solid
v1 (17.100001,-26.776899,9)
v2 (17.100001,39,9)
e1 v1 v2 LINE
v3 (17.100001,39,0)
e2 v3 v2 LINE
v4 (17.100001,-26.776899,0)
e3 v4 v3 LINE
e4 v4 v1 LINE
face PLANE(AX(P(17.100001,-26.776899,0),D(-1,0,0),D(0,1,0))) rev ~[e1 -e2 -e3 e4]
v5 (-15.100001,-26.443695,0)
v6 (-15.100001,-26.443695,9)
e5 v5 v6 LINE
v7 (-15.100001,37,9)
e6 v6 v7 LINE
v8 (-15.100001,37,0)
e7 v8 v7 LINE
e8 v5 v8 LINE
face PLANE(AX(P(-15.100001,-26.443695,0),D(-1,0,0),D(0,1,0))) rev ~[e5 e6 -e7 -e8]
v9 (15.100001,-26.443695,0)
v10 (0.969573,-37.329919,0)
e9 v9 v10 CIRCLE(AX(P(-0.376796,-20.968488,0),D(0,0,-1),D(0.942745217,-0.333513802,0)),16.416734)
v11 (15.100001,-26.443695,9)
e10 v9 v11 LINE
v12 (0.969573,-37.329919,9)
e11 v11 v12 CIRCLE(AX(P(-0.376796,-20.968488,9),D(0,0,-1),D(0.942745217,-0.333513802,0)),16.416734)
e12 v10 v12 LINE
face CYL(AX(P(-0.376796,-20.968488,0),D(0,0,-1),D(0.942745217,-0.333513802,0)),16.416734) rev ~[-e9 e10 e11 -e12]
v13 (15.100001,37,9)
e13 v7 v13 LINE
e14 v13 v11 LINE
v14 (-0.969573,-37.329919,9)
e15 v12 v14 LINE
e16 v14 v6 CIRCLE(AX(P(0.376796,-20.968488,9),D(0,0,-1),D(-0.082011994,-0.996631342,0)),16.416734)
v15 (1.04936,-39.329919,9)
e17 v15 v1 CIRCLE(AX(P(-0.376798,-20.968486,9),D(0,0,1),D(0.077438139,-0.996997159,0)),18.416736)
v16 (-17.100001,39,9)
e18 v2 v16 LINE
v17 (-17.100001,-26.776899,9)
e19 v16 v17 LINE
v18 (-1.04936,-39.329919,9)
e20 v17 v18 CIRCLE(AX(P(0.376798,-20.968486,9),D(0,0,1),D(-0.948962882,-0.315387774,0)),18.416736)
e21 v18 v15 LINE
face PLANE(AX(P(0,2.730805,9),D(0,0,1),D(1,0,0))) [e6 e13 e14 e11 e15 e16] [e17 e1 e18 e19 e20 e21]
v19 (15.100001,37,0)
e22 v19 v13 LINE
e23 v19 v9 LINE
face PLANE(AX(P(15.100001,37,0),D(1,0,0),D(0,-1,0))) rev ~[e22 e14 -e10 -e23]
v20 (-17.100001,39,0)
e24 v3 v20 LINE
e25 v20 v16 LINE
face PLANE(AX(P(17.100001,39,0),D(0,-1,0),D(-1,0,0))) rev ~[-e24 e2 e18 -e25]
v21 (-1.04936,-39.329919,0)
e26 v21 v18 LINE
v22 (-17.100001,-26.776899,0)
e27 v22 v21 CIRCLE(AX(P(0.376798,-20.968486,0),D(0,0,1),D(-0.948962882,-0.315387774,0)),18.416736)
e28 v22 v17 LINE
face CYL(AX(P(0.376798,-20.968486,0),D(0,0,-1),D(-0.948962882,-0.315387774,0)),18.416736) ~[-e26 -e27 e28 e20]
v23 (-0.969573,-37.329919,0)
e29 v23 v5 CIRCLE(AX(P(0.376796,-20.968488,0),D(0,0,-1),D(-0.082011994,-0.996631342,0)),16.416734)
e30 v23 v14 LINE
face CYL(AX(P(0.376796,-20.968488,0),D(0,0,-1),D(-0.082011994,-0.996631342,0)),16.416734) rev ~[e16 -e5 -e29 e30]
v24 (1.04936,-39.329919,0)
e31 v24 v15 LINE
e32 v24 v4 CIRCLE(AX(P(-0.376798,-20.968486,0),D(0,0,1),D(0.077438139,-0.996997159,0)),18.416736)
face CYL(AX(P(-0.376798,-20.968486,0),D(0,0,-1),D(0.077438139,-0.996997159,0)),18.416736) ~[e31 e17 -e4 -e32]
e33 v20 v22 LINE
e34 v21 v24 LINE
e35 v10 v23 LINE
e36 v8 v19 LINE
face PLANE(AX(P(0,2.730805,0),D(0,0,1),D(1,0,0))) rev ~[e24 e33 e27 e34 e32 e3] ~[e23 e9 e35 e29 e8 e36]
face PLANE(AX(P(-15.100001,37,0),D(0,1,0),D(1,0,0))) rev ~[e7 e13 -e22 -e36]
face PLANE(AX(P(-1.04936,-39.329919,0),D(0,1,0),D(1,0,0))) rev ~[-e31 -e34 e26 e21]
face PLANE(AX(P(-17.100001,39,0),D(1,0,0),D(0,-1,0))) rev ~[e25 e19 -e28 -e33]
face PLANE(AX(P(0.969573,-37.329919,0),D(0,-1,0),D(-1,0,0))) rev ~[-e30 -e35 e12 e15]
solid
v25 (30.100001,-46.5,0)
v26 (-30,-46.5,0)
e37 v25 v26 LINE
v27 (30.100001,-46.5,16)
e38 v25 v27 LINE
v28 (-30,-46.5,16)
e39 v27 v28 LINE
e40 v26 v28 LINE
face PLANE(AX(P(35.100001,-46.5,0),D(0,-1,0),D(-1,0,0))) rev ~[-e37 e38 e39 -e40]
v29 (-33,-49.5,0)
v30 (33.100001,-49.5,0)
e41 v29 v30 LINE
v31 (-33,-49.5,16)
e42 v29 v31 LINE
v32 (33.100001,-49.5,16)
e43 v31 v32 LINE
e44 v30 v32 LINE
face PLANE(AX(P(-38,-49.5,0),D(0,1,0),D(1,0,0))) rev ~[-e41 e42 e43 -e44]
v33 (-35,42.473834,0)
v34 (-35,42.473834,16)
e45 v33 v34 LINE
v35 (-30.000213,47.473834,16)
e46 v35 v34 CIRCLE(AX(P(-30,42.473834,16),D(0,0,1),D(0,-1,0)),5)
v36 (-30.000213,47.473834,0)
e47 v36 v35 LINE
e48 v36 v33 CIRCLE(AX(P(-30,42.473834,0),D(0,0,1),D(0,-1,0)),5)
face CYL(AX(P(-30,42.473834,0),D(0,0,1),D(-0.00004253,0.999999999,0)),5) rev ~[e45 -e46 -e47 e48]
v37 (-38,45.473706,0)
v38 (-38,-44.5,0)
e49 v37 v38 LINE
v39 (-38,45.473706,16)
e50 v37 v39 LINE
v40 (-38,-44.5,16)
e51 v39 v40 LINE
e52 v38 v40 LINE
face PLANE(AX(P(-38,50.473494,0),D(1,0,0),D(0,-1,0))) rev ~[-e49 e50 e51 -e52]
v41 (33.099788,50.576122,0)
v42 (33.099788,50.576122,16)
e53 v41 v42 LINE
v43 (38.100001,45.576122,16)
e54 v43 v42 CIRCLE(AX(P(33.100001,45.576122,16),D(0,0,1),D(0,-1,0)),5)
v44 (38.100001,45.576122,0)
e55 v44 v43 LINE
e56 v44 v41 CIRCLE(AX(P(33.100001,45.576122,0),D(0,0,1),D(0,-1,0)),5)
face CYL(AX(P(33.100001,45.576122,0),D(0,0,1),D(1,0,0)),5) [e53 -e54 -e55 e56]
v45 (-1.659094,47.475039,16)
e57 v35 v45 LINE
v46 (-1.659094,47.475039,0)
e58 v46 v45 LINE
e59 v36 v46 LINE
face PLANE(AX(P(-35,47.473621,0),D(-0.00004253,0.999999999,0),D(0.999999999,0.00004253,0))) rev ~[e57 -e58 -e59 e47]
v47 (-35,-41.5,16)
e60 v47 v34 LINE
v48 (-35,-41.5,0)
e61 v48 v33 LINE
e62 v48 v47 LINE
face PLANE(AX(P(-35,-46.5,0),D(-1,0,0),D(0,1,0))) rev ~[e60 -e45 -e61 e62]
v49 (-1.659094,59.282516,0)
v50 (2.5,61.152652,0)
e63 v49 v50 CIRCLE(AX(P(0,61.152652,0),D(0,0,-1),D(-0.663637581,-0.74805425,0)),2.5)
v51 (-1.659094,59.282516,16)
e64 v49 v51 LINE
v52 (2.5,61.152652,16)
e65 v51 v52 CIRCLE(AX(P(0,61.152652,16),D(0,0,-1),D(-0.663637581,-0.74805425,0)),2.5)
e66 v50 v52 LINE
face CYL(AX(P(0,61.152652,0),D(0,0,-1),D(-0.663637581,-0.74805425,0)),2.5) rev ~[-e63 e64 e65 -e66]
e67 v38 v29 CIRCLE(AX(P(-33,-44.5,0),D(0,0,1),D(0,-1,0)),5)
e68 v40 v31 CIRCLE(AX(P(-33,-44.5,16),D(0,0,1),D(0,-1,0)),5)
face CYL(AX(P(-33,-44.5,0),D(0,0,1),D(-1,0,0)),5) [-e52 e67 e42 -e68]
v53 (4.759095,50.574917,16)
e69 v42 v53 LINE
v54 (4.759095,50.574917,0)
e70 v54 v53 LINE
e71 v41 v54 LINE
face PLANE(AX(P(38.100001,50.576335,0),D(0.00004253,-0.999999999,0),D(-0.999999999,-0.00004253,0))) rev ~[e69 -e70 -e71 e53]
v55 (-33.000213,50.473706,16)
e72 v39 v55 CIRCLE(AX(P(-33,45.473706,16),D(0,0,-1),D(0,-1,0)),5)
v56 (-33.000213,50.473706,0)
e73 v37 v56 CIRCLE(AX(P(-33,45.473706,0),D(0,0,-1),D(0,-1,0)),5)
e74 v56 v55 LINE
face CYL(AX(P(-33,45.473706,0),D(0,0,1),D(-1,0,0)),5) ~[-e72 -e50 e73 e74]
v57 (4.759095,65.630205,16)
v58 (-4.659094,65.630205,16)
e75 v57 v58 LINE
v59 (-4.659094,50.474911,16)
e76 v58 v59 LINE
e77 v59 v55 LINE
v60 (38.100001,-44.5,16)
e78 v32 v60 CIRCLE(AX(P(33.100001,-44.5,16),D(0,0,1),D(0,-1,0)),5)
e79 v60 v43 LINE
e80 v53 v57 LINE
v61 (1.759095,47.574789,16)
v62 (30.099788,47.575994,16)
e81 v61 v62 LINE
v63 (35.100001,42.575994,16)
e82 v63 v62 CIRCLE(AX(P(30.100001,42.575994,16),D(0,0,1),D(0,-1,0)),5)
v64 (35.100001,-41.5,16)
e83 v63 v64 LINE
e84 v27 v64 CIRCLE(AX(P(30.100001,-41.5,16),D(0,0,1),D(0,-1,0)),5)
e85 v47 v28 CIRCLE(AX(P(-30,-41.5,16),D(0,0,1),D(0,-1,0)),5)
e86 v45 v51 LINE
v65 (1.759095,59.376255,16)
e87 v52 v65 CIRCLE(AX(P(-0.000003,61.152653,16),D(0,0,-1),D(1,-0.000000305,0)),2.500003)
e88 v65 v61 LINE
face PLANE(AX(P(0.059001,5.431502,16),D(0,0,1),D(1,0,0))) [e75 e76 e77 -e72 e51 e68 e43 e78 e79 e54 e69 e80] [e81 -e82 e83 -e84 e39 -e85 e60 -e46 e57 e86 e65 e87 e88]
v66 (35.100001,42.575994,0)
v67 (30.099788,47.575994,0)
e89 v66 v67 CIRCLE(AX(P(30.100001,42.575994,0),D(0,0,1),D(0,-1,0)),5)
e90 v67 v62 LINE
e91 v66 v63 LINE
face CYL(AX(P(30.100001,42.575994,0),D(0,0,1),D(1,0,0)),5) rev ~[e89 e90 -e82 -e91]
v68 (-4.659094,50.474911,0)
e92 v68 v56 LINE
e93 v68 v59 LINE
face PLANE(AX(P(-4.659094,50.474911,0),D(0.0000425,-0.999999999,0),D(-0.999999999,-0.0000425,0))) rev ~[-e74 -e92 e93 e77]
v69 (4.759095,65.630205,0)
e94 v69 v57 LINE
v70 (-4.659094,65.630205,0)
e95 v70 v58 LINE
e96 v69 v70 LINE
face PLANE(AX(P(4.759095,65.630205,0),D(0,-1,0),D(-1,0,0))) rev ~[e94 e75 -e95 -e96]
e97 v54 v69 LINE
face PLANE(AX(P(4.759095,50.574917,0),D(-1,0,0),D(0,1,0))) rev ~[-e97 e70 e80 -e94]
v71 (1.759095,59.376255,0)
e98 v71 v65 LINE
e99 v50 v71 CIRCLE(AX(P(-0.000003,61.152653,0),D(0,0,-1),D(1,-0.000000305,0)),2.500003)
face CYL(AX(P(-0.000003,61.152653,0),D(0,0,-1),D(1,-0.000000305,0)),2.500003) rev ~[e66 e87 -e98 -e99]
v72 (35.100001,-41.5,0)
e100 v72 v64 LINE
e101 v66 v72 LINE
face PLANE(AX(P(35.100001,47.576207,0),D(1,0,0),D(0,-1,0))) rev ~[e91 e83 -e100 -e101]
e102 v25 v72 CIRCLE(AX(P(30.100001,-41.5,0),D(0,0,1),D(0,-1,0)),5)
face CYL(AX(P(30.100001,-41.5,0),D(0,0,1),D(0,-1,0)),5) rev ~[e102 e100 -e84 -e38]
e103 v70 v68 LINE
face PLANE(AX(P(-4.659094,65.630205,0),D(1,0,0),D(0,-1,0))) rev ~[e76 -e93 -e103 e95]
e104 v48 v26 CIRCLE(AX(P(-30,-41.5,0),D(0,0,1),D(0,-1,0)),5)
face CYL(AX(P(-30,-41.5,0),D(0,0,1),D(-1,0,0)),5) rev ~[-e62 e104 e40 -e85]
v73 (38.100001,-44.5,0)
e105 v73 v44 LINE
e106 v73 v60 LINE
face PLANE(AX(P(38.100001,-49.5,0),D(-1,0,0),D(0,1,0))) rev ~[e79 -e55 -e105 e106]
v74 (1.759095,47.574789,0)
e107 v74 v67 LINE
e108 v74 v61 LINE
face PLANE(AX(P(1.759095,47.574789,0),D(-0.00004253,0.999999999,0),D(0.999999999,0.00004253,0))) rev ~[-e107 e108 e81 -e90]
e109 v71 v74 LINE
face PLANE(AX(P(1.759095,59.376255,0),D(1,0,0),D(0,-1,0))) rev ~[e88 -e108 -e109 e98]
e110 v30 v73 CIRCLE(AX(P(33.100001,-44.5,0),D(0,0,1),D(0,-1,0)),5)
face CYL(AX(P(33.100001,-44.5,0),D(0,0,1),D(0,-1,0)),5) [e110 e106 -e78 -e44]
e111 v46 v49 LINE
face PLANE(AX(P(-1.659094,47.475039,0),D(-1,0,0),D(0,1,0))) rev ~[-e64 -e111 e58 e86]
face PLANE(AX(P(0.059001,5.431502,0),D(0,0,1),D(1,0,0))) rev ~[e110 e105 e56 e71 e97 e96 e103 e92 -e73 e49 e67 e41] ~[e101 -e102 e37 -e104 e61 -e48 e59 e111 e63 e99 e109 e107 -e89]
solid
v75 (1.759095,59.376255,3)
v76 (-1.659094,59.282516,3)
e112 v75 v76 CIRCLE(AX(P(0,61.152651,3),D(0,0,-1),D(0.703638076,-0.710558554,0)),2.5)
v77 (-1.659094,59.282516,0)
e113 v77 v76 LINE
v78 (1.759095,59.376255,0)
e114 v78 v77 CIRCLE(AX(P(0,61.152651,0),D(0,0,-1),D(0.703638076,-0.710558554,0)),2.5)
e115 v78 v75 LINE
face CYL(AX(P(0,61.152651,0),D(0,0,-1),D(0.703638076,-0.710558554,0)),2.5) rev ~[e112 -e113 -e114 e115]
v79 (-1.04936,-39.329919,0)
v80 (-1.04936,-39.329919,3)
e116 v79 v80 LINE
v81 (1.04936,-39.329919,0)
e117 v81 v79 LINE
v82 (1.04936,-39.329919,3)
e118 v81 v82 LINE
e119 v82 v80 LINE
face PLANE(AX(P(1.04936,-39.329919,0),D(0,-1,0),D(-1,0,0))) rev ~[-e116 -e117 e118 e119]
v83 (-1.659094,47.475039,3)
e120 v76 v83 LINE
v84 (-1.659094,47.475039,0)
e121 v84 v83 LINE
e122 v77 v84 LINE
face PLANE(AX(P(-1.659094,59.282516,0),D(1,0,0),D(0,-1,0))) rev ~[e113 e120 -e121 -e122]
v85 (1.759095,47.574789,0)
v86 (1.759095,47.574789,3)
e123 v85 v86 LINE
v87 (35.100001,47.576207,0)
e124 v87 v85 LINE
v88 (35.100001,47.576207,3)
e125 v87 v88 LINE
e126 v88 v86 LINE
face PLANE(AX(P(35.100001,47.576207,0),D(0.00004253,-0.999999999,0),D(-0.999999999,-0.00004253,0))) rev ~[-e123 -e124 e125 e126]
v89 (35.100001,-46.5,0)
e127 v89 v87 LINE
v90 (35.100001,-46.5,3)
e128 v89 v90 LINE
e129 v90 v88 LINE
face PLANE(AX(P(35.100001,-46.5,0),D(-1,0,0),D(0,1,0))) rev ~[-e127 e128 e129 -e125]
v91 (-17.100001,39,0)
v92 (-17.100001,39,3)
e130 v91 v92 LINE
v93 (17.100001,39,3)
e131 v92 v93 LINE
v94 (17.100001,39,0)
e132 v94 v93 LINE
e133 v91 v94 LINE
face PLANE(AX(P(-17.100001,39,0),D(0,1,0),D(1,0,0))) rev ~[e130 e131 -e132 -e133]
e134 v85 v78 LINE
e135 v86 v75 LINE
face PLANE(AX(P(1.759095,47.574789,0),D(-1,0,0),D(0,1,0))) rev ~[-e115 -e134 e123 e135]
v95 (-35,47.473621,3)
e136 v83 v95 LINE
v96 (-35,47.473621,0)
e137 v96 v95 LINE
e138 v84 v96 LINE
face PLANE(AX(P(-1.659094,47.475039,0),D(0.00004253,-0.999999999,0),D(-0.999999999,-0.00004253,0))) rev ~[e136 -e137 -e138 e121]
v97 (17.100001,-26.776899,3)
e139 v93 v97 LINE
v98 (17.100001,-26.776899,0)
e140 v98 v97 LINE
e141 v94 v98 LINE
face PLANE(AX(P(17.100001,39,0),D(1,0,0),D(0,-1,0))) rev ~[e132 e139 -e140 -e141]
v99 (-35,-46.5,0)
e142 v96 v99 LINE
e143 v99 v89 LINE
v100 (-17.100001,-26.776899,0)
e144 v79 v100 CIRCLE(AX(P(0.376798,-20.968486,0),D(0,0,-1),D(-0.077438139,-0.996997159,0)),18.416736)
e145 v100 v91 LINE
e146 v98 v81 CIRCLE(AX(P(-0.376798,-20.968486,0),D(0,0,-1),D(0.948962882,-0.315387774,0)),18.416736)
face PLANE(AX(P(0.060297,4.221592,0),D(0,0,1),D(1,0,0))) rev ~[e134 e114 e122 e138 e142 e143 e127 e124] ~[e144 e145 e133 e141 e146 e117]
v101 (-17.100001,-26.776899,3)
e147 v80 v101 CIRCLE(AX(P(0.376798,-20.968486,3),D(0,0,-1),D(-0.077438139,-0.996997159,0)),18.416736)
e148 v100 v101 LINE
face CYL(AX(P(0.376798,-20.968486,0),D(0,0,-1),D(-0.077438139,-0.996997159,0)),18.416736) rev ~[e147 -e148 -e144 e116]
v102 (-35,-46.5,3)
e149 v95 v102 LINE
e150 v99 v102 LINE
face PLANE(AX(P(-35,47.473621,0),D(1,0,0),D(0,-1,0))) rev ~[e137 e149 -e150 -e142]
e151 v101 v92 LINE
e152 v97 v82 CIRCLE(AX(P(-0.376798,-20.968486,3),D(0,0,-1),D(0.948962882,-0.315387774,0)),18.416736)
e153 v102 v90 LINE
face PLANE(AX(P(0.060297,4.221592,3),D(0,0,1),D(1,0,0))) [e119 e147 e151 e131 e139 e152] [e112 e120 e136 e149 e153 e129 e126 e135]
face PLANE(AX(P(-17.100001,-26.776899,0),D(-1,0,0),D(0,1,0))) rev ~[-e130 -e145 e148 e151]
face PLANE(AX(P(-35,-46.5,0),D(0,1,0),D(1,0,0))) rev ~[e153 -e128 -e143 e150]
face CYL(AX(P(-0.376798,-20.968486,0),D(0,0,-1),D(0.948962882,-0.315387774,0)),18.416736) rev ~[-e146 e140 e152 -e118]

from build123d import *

# Parameters (mm, degrees)
F1_DEPTH = 16
F2_DEPTH = 9
F3_DEPTH = 3
F4_R     = 5


with BuildPart() as f1:
    # F0 (on Top) → F1 (new body)
    with BuildSketch(Plane.XY):
        Polygon((-38, 50.473494), (-38, -49.5), (38.100001, -49.5), (38.100001, 50.576335), (4.759095, 50.574917), (4.759095, 65.630205), (-4.659094, 65.630205), (-4.659094, 50.474911), align=None)
        with BuildLine():
            ThreePointArc((-1.659094, 59.282516), (-1.025248, 63.432754), (2.5, 61.152652))
            ThreePointArc((2.5, 61.152652), (2.307351, 60.190295), (1.759095, 59.376255))
            Line((1.759095, 59.376255), (1.759095, 47.574789))
            Line((1.759095, 47.574789), (35.100001, 47.576207))
            Line((35.100001, 47.576207), (35.100001, -46.5))
            Line((35.100001, -46.5), (-35, -46.5))
            Line((-35, -46.5), (-35, 47.473621))
            Line((-35, 47.473621), (-1.659094, 47.475039))
            Line((-1.659094, 47.475039), (-1.659094, 59.282516))
        make_face(mode=Mode.SUBTRACT)
    extrude(amount=F1_DEPTH)

    # F4
    f4_edges = [f1.edges().sort_by_distance(p)[0] for p in [
        (-38, 50.473494, 8),
        (-38, -49.5, 8),
        (38.100001, -49.5, 8),
        (38.100001, 50.576335, 8),
        (35.100001, 47.576207, 8),
        (-35, 47.473621, 8),
        (35.100001, -46.5, 8),
        (-35, -46.5, 8),
    ]]
    fillet(f4_edges, radius=F4_R)


with BuildPart() as f2:
    # F0 (on Top) → F2 (new body)
    with BuildSketch(Plane.XY):
        with BuildLine():
            Line((17.100001, 39), (-17.100001, 39))
            Line((-17.100001, 39), (-17.100001, -26.776899))
            ThreePointArc((-17.100001, -26.776899), (-10.968907, -35.47542), (-1.04936, -39.329919))
            Line((-1.04936, -39.329919), (1.04936, -39.329919))
            ThreePointArc((1.04936, -39.329919), (10.968907, -35.47542), (17.100001, -26.776899))
            Line((17.100001, -26.776899), (17.100001, 39))
        make_face()
        with BuildLine():
            Line((-15.100001, -26.443695), (-15.100001, 37))
            Line((-15.100001, 37), (15.100001, 37))
            Line((15.100001, 37), (15.100001, -26.443695))
            ThreePointArc((15.100001, -26.443695), (9.642296, -33.973369), (0.969573, -37.329919))
            Line((0.969573, -37.329919), (-0.969573, -37.329919))
            ThreePointArc((-0.969573, -37.329919), (-9.642296, -33.973369), (-15.100001, -26.443695))
        make_face(mode=Mode.SUBTRACT)
    extrude(amount=F2_DEPTH)


with BuildPart() as f3:
    # F0 (on Top) → F3 (new body)
    with BuildSketch(Plane.XY):
        with BuildLine():
            ThreePointArc((1.759095, 59.376255), (0.068533, 58.653591), (-1.659094, 59.282516))
            Line((-1.659094, 59.282516), (-1.659094, 47.475039))
            Line((-1.659094, 47.475039), (-35, 47.473621))
            Line((-35, 47.473621), (-35, -46.5))
            Line((-35, -46.5), (35.100001, -46.5))
            Line((35.100001, -46.5), (35.100001, 47.576207))
            Line((35.100001, 47.576207), (1.759095, 47.574789))
            Line((1.759095, 47.574789), (1.759095, 59.376255))
        make_face()
        with BuildLine():
            Line((-17.100001, -26.776899), (-17.100001, 39))
            Line((-17.100001, 39), (17.100001, 39))
            Line((17.100001, 39), (17.100001, -26.776899))
            ThreePointArc((17.100001, -26.776899), (10.968907, -35.47542), (1.04936, -39.329919))
            Line((1.04936, -39.329919), (-1.04936, -39.329919))
            ThreePointArc((-1.04936, -39.329919), (-10.968907, -35.47542), (-17.100001, -26.776899))
        make_face(mode=Mode.SUBTRACT)
    extrude(amount=F3_DEPTH)


solid = Compound([f1.part, f2.part, f3.part])
